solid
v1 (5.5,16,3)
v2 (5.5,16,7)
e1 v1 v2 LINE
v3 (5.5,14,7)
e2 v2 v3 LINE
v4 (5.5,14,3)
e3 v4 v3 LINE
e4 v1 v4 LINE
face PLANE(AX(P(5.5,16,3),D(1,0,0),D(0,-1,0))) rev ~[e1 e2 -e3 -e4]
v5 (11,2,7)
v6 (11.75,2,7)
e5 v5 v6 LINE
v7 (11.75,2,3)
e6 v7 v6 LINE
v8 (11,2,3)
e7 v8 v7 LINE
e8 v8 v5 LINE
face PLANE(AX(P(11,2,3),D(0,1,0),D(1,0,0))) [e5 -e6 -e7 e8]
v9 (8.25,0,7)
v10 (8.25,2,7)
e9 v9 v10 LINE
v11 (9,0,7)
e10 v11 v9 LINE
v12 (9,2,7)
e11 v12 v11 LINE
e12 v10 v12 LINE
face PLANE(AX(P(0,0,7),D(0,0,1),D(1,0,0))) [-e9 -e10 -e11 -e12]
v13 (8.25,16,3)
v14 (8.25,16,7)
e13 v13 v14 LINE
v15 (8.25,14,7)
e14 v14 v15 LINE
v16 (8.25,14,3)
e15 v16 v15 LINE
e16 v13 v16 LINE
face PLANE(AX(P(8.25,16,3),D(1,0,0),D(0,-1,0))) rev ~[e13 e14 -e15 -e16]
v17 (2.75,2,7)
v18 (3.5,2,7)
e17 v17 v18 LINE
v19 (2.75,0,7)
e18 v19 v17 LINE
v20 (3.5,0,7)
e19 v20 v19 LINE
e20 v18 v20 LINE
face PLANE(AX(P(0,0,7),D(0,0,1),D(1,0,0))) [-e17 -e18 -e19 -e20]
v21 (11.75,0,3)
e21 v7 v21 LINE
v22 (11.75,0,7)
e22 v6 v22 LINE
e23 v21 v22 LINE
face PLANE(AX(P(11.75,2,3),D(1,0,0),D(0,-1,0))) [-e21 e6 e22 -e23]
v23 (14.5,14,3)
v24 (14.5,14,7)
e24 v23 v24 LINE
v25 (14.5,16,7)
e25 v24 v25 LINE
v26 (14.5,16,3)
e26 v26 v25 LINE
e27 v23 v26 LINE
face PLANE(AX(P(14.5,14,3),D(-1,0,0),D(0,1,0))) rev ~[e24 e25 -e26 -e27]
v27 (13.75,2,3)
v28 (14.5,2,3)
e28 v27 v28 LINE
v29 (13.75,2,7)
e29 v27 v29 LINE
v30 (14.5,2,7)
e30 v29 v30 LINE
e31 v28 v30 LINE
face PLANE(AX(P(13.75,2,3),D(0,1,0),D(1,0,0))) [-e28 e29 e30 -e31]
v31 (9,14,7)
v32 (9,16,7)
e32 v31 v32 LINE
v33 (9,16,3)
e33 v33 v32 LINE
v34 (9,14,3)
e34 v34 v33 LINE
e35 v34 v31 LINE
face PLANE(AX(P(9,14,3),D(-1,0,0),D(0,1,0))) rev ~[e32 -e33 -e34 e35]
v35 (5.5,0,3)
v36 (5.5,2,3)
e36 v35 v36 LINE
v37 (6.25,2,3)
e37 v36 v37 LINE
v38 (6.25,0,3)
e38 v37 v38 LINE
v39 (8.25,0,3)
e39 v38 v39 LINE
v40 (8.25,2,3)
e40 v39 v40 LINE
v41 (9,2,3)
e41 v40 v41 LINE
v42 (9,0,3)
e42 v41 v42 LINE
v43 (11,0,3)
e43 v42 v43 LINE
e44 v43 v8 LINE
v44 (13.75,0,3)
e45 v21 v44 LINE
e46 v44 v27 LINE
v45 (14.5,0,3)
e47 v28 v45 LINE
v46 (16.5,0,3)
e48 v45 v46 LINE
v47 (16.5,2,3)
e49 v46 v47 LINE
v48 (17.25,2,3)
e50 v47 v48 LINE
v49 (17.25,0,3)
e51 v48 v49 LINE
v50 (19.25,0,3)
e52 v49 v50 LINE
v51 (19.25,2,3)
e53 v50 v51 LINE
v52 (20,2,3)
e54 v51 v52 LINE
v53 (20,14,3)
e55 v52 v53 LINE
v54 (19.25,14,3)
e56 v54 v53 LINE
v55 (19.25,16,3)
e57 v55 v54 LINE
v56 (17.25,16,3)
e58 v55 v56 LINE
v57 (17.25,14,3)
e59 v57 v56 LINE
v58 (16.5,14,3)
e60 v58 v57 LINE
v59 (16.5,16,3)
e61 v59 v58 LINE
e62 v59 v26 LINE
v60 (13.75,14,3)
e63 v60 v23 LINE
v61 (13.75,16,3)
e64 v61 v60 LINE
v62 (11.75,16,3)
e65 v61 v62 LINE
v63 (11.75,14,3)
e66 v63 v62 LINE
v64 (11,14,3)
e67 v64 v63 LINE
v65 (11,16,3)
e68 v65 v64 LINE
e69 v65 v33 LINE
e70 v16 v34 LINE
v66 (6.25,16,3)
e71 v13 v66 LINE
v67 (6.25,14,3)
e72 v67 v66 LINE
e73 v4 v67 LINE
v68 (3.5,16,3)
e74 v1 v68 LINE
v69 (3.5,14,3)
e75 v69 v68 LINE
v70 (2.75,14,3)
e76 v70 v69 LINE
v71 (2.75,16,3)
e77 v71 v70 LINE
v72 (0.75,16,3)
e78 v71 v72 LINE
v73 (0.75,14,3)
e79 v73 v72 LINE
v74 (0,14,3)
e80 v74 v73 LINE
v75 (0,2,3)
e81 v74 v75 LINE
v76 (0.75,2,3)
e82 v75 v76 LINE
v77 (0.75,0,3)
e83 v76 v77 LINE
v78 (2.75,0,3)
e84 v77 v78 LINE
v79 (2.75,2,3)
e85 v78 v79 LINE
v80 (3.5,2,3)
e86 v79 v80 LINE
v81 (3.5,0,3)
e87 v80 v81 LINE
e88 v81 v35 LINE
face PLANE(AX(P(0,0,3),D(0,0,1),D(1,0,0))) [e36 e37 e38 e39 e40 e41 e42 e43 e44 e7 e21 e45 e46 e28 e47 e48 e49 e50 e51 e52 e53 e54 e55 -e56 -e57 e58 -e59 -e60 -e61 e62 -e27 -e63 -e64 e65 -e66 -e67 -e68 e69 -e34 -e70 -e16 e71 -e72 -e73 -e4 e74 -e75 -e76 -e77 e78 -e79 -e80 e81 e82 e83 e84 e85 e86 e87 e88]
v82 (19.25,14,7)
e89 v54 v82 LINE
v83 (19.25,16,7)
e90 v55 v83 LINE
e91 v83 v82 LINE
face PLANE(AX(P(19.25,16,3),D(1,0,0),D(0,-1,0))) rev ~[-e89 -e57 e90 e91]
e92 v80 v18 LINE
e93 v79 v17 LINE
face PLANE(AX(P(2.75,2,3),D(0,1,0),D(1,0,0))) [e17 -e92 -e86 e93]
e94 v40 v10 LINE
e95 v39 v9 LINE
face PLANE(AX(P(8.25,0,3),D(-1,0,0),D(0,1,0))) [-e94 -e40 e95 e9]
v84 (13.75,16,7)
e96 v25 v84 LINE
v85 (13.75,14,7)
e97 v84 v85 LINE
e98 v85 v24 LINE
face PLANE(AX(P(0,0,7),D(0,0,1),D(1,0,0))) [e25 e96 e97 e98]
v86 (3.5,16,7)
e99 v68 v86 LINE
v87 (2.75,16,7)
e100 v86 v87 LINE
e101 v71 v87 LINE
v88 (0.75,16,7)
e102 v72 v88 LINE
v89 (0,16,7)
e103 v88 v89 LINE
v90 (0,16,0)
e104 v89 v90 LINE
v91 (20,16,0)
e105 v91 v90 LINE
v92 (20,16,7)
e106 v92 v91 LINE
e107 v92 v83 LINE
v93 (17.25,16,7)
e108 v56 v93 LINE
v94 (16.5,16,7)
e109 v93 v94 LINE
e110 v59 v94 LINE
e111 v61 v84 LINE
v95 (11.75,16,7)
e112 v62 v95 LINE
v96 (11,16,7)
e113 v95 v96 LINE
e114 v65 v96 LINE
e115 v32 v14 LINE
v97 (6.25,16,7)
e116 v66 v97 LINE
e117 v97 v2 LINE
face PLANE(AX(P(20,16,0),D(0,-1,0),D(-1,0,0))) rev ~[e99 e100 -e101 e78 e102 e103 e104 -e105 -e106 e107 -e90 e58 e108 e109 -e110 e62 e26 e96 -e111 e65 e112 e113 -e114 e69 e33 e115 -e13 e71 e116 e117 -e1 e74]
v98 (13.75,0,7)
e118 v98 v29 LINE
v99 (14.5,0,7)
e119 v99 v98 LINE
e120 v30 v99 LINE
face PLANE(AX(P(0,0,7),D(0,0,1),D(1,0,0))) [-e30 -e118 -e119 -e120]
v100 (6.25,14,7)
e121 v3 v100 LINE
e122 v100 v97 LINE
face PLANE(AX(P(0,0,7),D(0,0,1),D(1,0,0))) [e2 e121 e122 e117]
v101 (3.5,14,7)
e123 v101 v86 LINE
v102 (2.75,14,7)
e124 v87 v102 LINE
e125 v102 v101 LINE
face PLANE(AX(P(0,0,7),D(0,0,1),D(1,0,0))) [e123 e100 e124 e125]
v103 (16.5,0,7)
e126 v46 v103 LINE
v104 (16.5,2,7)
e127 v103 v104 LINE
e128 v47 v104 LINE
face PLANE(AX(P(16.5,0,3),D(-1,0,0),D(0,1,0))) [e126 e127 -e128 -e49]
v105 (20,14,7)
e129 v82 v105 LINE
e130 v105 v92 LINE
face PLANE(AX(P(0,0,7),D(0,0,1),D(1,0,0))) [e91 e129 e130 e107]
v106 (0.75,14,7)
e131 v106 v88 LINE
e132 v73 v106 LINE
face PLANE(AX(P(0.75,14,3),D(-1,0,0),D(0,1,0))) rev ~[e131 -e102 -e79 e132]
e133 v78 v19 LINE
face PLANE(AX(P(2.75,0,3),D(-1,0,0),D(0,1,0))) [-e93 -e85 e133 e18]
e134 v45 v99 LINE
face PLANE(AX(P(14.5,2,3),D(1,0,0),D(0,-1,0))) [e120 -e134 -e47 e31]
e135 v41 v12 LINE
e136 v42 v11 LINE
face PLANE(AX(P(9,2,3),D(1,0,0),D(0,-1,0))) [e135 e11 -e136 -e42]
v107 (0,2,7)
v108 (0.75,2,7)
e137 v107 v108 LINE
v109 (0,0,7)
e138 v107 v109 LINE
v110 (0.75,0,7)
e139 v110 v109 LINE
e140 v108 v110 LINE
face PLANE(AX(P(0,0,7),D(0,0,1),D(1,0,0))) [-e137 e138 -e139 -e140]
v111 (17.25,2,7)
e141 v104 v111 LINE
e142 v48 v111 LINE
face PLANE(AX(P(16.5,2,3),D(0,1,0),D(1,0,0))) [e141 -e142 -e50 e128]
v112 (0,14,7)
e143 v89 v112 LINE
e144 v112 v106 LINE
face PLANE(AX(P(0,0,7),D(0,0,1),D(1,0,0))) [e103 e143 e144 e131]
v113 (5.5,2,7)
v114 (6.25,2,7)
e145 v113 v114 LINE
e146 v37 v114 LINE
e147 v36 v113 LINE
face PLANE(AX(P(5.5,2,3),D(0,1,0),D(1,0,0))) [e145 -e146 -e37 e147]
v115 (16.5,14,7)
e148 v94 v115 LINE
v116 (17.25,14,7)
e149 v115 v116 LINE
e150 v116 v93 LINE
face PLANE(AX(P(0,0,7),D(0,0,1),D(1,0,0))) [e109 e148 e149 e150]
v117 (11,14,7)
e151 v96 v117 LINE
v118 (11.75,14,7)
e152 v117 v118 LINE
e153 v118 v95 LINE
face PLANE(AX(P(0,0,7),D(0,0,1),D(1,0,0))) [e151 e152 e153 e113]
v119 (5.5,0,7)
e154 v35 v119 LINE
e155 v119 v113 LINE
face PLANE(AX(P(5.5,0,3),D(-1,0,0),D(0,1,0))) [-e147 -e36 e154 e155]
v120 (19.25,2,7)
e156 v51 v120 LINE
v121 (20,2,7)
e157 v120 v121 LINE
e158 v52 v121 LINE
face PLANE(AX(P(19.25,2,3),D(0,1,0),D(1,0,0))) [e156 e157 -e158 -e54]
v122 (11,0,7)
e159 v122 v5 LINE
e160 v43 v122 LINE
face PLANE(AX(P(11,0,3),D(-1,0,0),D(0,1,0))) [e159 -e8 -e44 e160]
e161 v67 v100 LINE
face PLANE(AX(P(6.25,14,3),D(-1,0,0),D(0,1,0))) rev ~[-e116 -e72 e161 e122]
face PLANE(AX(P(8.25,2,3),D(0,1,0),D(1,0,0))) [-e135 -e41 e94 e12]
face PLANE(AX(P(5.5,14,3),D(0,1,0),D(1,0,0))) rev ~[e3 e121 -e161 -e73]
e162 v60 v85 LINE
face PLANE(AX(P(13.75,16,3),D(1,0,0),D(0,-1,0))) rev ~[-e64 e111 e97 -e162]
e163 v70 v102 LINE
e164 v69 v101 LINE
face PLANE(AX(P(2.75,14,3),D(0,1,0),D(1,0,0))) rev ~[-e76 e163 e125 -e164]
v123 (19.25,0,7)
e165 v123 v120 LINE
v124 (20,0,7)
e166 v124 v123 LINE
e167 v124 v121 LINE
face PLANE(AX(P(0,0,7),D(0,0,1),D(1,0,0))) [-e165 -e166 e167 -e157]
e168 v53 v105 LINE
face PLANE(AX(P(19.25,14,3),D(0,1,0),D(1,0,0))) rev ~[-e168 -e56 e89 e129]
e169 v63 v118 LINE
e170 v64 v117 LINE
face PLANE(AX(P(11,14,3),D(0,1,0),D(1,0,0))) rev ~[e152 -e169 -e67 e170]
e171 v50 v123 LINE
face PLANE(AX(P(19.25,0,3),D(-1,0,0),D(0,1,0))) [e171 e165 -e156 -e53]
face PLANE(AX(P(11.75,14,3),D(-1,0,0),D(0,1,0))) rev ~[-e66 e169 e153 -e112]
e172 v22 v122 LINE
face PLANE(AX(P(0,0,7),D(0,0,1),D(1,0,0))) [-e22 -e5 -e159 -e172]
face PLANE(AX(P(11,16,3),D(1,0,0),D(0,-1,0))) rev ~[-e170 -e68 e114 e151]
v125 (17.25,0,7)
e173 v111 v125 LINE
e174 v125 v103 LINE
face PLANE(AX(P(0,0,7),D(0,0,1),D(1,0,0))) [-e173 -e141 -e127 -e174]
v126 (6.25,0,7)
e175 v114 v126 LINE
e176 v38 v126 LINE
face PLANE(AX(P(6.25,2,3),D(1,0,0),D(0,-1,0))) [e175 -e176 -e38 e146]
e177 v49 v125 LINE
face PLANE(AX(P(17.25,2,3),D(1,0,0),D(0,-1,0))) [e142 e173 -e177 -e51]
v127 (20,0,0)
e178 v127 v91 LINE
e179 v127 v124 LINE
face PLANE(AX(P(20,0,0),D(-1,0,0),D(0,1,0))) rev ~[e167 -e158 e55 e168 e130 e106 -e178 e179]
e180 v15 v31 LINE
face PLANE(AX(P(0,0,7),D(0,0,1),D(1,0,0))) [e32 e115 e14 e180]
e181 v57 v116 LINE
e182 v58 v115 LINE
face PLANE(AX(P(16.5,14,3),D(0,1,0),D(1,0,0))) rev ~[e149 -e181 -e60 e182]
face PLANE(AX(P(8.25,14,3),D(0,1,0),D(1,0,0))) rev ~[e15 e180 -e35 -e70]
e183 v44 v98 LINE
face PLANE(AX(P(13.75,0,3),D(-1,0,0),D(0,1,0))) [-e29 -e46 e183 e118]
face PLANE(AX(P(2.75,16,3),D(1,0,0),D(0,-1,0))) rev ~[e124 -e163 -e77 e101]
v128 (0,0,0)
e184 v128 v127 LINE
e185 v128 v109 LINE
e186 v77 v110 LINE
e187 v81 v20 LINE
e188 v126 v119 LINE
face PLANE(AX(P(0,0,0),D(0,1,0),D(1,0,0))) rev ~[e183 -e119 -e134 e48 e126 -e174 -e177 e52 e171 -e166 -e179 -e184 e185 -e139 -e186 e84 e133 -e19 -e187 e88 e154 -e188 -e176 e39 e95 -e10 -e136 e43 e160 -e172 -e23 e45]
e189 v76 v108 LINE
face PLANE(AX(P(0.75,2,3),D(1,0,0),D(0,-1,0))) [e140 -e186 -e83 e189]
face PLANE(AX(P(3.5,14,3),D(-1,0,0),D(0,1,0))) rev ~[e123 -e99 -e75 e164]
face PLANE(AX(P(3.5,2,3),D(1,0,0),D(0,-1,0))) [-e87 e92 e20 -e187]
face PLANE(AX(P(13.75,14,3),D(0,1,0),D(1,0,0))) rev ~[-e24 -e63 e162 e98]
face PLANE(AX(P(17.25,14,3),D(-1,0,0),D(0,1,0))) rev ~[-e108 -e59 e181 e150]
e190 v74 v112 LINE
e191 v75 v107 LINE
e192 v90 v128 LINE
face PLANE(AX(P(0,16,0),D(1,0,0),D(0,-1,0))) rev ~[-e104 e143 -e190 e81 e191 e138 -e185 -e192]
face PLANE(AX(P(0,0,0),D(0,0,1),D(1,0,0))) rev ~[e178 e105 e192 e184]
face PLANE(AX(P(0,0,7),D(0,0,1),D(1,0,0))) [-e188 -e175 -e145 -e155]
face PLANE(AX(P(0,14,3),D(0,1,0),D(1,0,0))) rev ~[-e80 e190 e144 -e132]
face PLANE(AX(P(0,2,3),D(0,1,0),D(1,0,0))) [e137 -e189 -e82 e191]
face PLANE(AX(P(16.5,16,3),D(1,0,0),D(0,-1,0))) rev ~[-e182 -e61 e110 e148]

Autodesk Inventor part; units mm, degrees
ref_plane "YZ Plane" through (0, 0, 0) normal (1, 0, 0) x (0, 1, 0)
ref_plane "XZ Plane" through (0, 0, 0) normal (0, 1, 0) x (-1, 0, 0)
ref_plane "XY Plane" through (0, 0, 0) normal (0, 0, 1) x (1, 0, 0)
sketch "Esquisse1" plane through (0, 0, 0) normal (0, 0, 1) x (1, 0, 0)
  line L0 (0, 0) -> (20, 0)
  line L1 (20, 0) -> (20, 16)
  line L2 (20, 16) -> (0, 16)
  line L3 (0, 16) -> (0, 0)
  dimension "d0" = 20
  dimension "d1" = 16
extrude "Extrusion1" add sketch "Esquisse1" along normal blind 3
sketch "Esquisse2" plane through (0, 0, 3) normal (0, 0, 1) x (1, 0, 0)
  line L0 (20, 0) -> (20, 16) projected
  line L1 (20, 8) -> (0, 8)
  line L2 (0, 16) -> (0, 0) projected
  line L3 (20, 16) -> (0, 16)
  line L4 (0, 16) -> (0, 14)
  line L5 (0, 14) -> (20, 14)
  line L6 (20, 14) -> (20, 16)
  line L7 (20, 16) -> (19.25, 16)
  line L8 (19.25, 16) -> (19.25, 14)
  line L9 (19.25, 14) -> (20, 14)
  line L10 (20, 14) -> (20, 16)
  line L11 (19.25, 14) -> (17.25, 14)
  line L12 (17.25, 14) -> (17.25, 16)
  line L13 (17.25, 16) -> (16.5, 16)
  line L14 (16.5, 16) -> (16.5, 14)
  line L15 (16.5, 14) -> (17.25, 14)
  line L16 (17.25, 14) -> (17.25, 16)
  line L17 (16.5, 14) -> (14.5, 14)
  line L18 (14.5, 14) -> (14.5, 16)
  line L19 (14.5, 16) -> (13.75, 16)
  line L20 (13.75, 16) -> (13.75, 14)
  line L21 (13.75, 14) -> (14.5, 14)
  line L22 (14.5, 14) -> (14.5, 16)
  line L23 (13.75, 14) -> (11.75, 14)
  line L24 (11.75, 14) -> (11.75, 16)
  line L25 (11.75, 16) -> (11, 16)
  line L26 (11, 16) -> (11, 14)
  line L27 (11, 14) -> (11.75, 14)
  line L28 (11.75, 14) -> (11.75, 16)
  line L29 (11, 14) -> (9, 14)
  line L30 (9, 14) -> (9, 16)
  line L31 (9, 16) -> (8.25, 16)
  line L32 (8.25, 16) -> (8.25, 14)
  line L33 (8.25, 14) -> (9, 14)
  line L34 (9, 14) -> (9, 16)
  line L35 (8.25, 14) -> (6.25, 14)
  line L36 (6.25, 14) -> (6.25, 16)
  line L37 (6.25, 16) -> (5.5, 16)
  line L38 (5.5, 16) -> (5.5, 14)
  line L39 (5.5, 14) -> (6.25, 14)
  line L40 (6.25, 14) -> (6.25, 16)
  line L41 (5.5, 14) -> (3.5, 14)
  line L42 (3.5, 14) -> (3.5, 16)
  line L43 (3.5, 16) -> (2.75, 16)
  line L44 (2.75, 16) -> (2.75, 14)
  line L45 (2.75, 14) -> (3.5, 14)
  line L46 (3.5, 14) -> (3.5, 16)
  line L47 (2.75, 14) -> (0.75, 14)
  line L48 (0.75, 14) -> (0.75, 16)
  line L49 (20, 0) -> (0, 0)
  line L50 (0, 0) -> (0, 2)
  line L51 (0, 2) -> (20, 2)
  line L52 (20, 2) -> (20, 0)
  line L53 (20, 0) -> (19.25, 0)
  line L54 (19.25, 0) -> (19.25, 2)
  line L55 (19.25, 2) -> (20, 2)
  line L56 (20, 2) -> (20, 0)
  line L57 (19.25, 2) -> (17.25, 2)
  line L58 (17.25, 2) -> (17.25, 0)
  line L59 (17.25, 0) -> (16.5, 0)
  line L60 (16.5, 0) -> (16.5, 2)
  line L61 (16.5, 2) -> (17.25, 2)
  line L62 (17.25, 2) -> (17.25, 0)
  line L63 (16.5, 2) -> (14.5, 2)
  line L64 (14.5, 2) -> (14.5, 0)
  line L65 (14.5, 0) -> (13.75, 0)
  line L66 (13.75, 0) -> (13.75, 2)
  line L67 (13.75, 2) -> (14.5, 2)
  line L68 (14.5, 2) -> (14.5, 0)
  line L69 (13.75, 2) -> (11.75, 2)
  line L70 (11.75, 2) -> (11.75, 0)
  line L71 (11.75, 0) -> (11, 0)
  line L72 (11, 0) -> (11, 2)
  line L73 (11, 2) -> (11.75, 2)
  line L74 (11.75, 2) -> (11.75, 0)
  line L75 (11, 2) -> (9, 2)
  line L76 (9, 2) -> (9, 0)
  line L77 (9, 0) -> (8.25, 0)
  line L78 (8.25, 0) -> (8.25, 2)
  line L79 (8.25, 2) -> (9, 2)
  line L80 (9, 2) -> (9, 0)
  line L81 (8.25, 2) -> (6.25, 2)
  line L82 (6.25, 2) -> (6.25, 0)
  line L83 (6.25, 0) -> (5.5, 0)
  line L84 (5.5, 0) -> (5.5, 2)
  line L85 (5.5, 2) -> (6.25, 2)
  line L86 (6.25, 2) -> (6.25, 0)
  line L87 (5.5, 2) -> (3.5, 2)
  line L88 (3.5, 2) -> (3.5, 0)
  line L89 (3.5, 0) -> (2.75, 0)
  line L90 (2.75, 0) -> (2.75, 2)
  line L91 (2.75, 2) -> (3.5, 2)
  line L92 (3.5, 2) -> (3.5, 0)
  line L93 (2.75, 2) -> (0.75, 2)
  line L94 (0.75, 2) -> (0.75, 0)
  point P0 (0, 0)
  dimension "d4" = 2
  dimension "d5" = 0.75
  dimension "d6" = 2
  dimension "d7" = 2
  dimension "d8" = 2
  dimension "d9" = 2
  dimension "d10" = 2
  dimension "d11" = 2
  dimension "d12" = 2
extrude "Extrusion2" add sketch "Esquisse2" along normal blind 4 contours L49 L54 L51 L0 | L49 L60 L51 L58 | L5 L8 L3 L0 | L2 L3 L48 L5 | L51 L94 L49 L2 | L49 L66 L51 L64 | L5 L14 L3 L12 | L44 L3 L42 L5 | L51 L88 L49 L90 | L49 L72 L51 L70 | L5 L20 L3 L18 | L38 L3 L36 L5 | L51 L82 L49 L84 | L49 L78 L51 L76 | L5 L26 L3 L24 | L32 L3 L30 L5
properties part number "driver DRV8825"
